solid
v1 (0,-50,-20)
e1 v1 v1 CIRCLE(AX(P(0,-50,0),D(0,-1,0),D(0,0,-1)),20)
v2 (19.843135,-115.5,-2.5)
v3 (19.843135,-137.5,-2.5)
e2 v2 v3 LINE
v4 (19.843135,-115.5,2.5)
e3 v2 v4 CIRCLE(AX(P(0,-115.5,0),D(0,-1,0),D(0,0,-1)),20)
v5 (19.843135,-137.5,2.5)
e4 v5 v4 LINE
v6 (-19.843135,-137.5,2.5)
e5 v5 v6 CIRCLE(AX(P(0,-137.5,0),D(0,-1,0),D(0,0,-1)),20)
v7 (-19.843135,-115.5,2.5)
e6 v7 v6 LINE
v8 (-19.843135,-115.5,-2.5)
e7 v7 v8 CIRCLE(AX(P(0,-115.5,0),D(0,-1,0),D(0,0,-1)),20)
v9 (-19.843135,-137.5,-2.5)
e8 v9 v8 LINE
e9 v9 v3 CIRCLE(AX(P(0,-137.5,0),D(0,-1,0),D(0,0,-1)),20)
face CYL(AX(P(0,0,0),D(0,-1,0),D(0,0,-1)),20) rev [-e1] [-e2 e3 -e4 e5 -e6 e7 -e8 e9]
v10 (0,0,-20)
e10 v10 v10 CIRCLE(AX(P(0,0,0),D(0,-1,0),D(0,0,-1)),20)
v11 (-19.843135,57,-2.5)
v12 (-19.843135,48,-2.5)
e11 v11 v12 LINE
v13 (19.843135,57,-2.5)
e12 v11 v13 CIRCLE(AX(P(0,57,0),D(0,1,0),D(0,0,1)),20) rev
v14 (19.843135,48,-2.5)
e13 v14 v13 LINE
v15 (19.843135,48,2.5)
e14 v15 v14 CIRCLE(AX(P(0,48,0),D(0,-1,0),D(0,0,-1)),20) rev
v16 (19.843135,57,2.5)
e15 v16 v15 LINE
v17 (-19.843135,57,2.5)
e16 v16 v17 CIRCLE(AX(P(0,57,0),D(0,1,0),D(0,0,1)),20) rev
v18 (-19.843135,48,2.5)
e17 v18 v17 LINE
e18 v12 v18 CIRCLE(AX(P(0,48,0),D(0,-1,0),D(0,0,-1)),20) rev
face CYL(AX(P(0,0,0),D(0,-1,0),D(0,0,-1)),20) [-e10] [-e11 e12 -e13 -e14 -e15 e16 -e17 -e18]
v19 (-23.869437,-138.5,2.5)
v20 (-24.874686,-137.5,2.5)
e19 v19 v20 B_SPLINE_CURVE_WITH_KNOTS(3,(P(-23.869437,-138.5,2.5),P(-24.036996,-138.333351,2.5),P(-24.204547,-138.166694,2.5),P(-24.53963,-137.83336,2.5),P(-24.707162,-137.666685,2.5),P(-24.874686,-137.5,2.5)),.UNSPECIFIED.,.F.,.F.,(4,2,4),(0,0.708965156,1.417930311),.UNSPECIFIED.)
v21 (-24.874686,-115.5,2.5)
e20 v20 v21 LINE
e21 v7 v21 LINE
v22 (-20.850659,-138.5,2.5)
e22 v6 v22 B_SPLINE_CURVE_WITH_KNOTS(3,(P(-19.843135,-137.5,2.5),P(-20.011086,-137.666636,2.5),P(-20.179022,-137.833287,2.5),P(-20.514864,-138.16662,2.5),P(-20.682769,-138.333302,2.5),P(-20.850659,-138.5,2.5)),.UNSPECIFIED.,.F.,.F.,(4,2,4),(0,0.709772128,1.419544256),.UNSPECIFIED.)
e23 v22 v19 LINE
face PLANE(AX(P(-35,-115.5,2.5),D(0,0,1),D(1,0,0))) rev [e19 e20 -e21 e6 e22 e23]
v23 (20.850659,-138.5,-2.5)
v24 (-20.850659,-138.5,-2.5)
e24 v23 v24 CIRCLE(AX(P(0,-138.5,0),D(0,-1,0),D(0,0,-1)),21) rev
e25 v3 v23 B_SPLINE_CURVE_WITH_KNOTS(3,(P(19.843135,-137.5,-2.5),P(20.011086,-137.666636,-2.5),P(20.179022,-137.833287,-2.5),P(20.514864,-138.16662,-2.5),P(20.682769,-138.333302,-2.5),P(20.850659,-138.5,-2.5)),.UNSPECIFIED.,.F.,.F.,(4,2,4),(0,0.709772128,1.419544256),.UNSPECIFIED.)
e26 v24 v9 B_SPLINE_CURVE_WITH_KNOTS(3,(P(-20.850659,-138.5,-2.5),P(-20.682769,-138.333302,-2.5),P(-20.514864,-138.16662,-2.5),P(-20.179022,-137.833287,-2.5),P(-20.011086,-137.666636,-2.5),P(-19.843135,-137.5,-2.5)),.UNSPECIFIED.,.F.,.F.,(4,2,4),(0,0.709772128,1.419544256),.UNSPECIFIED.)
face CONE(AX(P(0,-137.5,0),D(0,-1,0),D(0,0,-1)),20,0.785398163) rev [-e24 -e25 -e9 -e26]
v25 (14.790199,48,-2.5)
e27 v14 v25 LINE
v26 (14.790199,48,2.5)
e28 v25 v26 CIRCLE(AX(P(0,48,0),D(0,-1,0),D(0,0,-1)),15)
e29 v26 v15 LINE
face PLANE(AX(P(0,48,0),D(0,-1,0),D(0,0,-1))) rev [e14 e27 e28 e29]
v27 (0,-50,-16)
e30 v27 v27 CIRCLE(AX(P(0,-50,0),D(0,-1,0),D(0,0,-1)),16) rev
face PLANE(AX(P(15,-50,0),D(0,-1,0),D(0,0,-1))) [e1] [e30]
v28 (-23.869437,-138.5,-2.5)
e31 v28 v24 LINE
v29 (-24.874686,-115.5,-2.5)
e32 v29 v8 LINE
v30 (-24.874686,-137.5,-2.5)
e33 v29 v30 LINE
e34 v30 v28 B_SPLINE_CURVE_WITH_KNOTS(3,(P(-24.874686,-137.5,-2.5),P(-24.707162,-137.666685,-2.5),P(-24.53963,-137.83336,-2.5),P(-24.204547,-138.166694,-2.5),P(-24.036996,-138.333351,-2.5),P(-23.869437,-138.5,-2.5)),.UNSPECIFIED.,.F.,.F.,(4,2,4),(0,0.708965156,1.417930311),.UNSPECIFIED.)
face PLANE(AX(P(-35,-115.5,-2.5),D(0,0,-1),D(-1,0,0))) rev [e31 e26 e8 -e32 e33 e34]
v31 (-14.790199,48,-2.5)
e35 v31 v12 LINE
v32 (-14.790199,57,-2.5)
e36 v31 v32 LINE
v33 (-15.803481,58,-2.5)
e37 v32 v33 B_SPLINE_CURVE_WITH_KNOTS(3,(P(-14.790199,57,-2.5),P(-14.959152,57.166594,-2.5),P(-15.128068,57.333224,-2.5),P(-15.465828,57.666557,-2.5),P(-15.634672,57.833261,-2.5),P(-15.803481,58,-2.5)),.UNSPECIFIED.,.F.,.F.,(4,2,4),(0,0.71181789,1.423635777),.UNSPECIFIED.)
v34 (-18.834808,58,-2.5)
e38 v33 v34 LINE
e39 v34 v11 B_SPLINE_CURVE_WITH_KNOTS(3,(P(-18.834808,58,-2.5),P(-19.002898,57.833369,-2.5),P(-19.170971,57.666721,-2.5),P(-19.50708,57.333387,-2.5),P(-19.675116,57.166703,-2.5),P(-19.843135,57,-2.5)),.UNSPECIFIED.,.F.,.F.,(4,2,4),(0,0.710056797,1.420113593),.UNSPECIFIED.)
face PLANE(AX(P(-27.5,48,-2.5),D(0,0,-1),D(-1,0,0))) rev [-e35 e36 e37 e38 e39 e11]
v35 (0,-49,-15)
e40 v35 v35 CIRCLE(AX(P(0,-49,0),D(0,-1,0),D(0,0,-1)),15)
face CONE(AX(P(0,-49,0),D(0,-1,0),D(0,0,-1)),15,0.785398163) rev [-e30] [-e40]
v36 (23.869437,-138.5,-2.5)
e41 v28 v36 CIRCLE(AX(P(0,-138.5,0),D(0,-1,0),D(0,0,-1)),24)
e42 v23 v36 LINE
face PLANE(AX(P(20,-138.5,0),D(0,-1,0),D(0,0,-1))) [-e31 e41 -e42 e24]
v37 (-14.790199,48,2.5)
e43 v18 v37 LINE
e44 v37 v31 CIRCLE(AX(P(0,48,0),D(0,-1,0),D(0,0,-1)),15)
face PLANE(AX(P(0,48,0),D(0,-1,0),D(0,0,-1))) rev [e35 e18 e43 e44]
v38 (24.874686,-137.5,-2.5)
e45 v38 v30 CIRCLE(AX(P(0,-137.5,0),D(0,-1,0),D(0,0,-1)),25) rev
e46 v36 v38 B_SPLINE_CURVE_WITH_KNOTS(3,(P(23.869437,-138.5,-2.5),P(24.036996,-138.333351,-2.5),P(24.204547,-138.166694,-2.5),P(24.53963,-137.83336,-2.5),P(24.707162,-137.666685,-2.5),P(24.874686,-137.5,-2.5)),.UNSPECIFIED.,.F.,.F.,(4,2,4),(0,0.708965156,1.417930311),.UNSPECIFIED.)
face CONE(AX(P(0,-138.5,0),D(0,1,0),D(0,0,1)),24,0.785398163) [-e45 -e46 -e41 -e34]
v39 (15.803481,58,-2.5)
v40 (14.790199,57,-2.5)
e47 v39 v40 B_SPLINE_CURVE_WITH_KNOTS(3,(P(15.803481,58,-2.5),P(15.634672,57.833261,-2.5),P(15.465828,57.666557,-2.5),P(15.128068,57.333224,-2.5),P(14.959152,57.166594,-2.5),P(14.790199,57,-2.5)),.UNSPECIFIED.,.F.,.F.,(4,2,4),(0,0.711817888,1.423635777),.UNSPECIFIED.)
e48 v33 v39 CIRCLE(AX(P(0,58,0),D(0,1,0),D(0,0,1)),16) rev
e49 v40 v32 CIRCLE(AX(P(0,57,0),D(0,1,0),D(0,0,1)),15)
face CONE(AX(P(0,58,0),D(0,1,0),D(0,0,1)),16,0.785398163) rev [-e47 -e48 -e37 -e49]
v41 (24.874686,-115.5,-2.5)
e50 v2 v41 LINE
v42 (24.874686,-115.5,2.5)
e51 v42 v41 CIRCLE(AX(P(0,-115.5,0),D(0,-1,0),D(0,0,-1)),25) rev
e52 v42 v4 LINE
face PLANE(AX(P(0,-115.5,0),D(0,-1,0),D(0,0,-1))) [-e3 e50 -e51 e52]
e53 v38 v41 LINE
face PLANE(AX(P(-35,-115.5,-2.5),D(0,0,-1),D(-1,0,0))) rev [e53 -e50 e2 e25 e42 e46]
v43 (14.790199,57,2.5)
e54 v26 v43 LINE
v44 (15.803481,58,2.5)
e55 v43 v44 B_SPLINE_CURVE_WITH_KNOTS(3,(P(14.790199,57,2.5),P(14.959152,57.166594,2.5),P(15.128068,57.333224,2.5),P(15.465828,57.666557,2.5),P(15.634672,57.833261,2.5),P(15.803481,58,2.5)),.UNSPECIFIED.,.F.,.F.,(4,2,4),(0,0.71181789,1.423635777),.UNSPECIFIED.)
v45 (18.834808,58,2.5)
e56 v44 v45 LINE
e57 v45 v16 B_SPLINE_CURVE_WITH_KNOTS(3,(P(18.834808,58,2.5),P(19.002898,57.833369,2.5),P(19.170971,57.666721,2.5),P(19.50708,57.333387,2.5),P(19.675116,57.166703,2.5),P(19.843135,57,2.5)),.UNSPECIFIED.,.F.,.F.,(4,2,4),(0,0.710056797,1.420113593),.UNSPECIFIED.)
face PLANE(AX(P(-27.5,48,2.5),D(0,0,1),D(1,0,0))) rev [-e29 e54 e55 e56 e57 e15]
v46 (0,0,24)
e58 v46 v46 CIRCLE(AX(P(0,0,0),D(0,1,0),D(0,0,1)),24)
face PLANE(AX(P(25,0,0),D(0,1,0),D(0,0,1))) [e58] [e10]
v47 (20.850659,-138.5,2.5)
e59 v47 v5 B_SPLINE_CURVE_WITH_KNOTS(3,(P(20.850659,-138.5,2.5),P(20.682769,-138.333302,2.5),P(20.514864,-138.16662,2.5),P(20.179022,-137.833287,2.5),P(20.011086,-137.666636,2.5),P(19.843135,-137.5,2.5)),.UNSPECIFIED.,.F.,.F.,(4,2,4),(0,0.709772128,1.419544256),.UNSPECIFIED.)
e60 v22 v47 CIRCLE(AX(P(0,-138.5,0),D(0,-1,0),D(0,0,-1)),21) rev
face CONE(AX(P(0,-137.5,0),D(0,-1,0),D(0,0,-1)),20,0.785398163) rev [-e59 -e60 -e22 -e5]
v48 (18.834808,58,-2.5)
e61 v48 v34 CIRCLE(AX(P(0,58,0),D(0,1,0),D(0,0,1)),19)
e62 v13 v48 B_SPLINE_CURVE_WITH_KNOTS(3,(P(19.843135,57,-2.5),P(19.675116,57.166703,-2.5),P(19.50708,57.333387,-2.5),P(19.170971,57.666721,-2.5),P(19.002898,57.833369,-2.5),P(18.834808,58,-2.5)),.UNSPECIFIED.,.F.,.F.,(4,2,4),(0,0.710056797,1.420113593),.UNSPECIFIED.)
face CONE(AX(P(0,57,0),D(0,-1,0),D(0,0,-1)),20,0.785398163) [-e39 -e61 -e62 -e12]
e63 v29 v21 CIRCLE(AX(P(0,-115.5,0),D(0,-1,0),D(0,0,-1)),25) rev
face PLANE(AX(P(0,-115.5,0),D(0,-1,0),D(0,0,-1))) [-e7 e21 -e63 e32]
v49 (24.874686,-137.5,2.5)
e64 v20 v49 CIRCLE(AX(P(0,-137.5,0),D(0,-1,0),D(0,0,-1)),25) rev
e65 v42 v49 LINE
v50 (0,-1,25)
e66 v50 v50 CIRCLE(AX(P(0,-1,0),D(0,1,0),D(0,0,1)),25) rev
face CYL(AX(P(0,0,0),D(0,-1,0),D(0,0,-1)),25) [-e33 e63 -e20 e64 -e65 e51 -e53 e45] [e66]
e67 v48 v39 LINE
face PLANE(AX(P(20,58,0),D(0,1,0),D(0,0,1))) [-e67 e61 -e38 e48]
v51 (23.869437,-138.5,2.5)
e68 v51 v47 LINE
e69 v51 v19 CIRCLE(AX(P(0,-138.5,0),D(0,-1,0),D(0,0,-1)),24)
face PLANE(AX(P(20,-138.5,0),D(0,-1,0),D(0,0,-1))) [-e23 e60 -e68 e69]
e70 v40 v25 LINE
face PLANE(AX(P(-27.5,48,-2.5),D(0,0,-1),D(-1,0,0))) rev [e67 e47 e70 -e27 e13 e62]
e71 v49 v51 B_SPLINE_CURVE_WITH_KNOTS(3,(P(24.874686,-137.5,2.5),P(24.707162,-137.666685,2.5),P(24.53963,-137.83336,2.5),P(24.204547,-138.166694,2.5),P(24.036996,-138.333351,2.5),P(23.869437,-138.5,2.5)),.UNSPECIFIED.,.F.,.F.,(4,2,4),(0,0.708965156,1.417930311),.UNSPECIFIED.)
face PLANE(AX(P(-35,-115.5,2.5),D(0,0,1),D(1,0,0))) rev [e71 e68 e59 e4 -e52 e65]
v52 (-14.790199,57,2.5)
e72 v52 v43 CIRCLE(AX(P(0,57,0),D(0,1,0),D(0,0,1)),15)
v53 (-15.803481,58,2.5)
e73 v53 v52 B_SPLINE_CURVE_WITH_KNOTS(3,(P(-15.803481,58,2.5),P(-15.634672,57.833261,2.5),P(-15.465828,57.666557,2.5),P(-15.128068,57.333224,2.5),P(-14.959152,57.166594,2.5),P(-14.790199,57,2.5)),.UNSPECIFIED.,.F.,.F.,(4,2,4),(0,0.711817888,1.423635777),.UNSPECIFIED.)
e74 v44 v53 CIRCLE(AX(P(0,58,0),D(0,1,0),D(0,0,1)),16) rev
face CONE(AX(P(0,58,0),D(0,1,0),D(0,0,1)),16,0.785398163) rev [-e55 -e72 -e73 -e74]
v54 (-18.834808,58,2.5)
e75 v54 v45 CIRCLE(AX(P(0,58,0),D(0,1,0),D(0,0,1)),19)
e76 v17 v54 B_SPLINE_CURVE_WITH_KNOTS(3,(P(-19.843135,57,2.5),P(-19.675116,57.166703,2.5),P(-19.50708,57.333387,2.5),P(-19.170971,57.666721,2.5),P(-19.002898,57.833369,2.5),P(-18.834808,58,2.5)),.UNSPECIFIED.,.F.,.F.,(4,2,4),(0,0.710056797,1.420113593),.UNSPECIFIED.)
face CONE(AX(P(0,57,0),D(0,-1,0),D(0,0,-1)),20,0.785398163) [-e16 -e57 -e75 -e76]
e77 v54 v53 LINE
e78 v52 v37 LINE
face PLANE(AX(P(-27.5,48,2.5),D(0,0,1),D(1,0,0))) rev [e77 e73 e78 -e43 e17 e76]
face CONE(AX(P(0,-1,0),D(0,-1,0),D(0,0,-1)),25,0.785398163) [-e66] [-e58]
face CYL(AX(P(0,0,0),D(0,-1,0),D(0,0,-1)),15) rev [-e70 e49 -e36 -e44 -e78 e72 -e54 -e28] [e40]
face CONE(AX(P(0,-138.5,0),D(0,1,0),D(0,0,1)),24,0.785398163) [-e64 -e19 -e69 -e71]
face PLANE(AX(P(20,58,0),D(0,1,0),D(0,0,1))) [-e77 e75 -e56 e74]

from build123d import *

# Parameters (mm, degrees)
SKETCH2_W          = 55
SKETCH2_H          = 5
CUT_EXTRUDE1_DEPTH = 10
SKETCH3_W          = 70
SKETCH3_H          = 5
CUT_EXTRUDE2_DEPTH = 23
CHAMFER1_SIZE      = 1


with BuildPart() as part:
    # Sketch1 → Revolve1 (revolve)
    with BuildSketch(Plane.XY):
        Polygon((20, -138.5), (25, -138.5), (25, 0), (20, 0), (20, 58), (15, 58), (15, -50), (20, -50), align=None)
    revolve(axis=Axis((0, 0, 0), (0, 1, 0)))

    # Sketch2 → Cut-Extrude1 (cut)
    with BuildSketch(Plane(origin=(0, 58, 0), x_dir=(1, 0, 0), z_dir=(0, 1, 0))):
        Rectangle(SKETCH2_W, SKETCH2_H)
    extrude(amount=-CUT_EXTRUDE1_DEPTH, mode=Mode.SUBTRACT)

    # Sketch3 → Cut-Extrude2 (cut)
    with BuildSketch(Plane(origin=(0, -138.5, 0), x_dir=(-1, 0, 0), z_dir=(0, -1, 0))):
        Rectangle(SKETCH3_W, SKETCH3_H)
    extrude(amount=-CUT_EXTRUDE2_DEPTH, mode=Mode.SUBTRACT)

    # Chamfer1
    chamfer1_edges = [part.edges().sort_by_distance(p)[0] for p in [
        (0, 58, 15),
        (0, 58, -15),
        (0, 58, 20),
        (0, 58, -20),
        (0, -138.5, 25),
        (0, -138.5, -25),
        (0, -138.5, 20),
        (0, -138.5, -20),
        (-15, -50, 0),
        (-25, 0, 0),
    ]]
    chamfer(chamfer1_edges, length=CHAMFER1_SIZE)


solid = part.part
